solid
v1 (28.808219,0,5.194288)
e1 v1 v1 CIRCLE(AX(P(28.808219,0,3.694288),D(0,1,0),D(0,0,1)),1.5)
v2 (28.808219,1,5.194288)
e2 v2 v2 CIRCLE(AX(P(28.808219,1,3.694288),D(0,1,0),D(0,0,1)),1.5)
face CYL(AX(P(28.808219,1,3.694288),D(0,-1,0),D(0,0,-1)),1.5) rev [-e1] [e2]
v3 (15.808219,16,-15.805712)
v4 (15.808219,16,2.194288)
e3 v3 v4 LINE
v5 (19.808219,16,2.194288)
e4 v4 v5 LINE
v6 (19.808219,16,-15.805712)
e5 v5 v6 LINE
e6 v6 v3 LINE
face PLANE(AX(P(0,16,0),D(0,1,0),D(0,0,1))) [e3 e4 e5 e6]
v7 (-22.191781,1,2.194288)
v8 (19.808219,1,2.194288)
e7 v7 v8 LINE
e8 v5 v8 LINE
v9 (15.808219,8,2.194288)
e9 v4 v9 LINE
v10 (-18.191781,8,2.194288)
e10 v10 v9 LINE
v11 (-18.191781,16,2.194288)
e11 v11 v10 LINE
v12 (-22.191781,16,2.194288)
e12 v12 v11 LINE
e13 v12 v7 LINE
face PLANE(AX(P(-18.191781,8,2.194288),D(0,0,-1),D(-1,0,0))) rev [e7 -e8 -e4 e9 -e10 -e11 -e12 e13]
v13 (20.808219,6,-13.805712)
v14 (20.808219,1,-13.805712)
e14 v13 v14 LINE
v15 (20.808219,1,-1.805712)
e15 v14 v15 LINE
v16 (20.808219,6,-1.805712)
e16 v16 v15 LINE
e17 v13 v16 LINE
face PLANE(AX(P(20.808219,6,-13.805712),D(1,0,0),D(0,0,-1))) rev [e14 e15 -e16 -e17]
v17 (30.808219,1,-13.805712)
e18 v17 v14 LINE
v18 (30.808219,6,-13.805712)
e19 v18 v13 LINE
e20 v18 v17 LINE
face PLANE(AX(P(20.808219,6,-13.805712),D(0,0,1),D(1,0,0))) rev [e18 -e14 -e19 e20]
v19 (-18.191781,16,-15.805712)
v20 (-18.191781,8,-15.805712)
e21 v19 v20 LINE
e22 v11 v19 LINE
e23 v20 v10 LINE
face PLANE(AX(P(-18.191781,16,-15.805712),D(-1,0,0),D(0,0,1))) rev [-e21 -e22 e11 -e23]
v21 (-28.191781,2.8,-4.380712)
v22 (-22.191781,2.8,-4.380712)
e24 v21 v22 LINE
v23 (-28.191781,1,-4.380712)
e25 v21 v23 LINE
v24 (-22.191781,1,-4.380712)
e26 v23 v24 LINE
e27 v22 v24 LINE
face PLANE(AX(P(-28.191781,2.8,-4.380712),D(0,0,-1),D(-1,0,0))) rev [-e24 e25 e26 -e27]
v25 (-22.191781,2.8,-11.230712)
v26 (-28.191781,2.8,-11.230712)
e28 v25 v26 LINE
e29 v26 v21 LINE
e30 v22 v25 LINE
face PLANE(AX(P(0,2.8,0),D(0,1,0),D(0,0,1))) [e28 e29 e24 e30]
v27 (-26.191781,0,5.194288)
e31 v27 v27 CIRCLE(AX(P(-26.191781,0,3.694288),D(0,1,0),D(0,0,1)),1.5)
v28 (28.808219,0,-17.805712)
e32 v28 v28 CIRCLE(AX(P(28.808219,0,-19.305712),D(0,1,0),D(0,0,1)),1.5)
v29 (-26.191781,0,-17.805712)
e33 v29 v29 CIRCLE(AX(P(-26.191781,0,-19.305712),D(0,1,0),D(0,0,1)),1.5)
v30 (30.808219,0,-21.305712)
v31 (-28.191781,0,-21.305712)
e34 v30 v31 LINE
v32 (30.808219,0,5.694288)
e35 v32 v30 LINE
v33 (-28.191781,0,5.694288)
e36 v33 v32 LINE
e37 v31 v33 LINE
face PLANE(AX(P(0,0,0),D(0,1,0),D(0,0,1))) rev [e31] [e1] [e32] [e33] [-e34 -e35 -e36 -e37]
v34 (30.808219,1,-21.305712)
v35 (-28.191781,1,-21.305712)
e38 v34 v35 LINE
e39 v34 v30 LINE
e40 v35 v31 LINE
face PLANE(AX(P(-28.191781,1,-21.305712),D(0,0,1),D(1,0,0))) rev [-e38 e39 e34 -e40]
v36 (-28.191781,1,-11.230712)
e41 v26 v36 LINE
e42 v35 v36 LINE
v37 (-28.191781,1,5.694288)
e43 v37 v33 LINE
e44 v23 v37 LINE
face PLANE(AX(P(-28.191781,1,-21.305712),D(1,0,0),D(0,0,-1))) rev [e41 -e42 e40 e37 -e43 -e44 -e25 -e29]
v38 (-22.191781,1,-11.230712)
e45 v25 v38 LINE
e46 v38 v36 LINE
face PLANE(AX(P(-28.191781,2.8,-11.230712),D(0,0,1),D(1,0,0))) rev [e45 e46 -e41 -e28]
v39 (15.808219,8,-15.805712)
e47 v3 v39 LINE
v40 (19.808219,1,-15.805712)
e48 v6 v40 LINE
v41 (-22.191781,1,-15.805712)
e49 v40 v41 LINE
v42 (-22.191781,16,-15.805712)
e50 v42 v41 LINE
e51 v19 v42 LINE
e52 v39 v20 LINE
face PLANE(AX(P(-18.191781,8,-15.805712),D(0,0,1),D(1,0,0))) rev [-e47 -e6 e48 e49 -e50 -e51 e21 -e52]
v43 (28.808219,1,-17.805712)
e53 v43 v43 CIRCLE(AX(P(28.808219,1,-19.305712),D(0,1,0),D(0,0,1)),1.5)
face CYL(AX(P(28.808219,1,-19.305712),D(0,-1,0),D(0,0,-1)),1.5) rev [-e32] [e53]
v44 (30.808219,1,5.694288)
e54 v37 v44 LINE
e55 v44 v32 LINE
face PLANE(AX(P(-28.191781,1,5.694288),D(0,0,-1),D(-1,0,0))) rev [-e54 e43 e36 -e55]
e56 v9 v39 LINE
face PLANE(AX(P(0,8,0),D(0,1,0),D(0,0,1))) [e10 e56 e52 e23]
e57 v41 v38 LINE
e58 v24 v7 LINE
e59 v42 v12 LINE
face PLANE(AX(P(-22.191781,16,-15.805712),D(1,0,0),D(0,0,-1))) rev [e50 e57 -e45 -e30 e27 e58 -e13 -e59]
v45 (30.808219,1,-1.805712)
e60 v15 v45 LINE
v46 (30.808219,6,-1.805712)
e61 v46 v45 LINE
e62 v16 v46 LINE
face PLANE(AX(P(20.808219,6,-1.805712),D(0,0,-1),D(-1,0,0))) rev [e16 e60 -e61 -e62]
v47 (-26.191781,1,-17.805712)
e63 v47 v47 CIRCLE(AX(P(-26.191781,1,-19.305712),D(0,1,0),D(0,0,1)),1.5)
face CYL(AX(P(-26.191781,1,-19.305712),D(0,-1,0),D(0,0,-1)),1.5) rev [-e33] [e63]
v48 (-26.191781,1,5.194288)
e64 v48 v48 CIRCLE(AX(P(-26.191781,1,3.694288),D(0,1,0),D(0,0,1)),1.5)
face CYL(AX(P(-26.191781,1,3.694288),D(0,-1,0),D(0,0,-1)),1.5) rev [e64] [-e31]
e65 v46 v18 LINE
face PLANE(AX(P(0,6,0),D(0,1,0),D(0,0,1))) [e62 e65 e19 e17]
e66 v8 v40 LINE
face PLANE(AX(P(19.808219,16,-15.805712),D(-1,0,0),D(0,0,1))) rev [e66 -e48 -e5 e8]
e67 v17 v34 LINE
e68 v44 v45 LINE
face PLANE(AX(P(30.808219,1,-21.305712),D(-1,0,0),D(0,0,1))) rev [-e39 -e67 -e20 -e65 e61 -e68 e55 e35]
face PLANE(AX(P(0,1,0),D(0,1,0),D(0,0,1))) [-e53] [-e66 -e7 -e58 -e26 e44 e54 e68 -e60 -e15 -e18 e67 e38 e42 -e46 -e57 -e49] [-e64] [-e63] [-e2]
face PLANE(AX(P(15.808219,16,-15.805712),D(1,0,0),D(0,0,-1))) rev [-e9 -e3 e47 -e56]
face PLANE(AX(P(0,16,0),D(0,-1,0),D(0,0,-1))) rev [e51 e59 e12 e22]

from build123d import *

# Parameters (mm, degrees)
SKETCH1_W           = 59
SKETCH1_H           = 27
SKETCH1_R           = 1.5
BOSS_EXTRUDE1_DEPTH = 1
SKETCH2_W           = 34
SKETCH2_H           = 18
BOSS_EXTRUDE2_DEPTH = 7
SKETCH3_W           = 4
SKETCH3_H           = 18
BOSS_EXTRUDE3_DEPTH = 15
SKETCH4_W           = 4
SKETCH4_H           = 18
BOSS_EXTRUDE4_DEPTH = 15
SKETCH7_W           = 10
SKETCH7_H           = 12
BOSS_EXTRUDE7_DEPTH = 5
SKETCH8_W           = 6
SKETCH8_H           = 6.85
BOSS_EXTRUDE8_DEPTH = 1.8


with BuildPart() as part:
    # Sketch1 → Boss-Extrude1 (new body)
    with BuildSketch(Plane(origin=(0, 0, 0), x_dir=(1, 0, 0), z_dir=(0, 1, 0))):
        with Locations((1.308219178, 7.805712308)):
            Rectangle(SKETCH1_W, SKETCH1_H)
        with Locations((-26.191780822, -3.694287692)):
            Circle(SKETCH1_R, mode=Mode.SUBTRACT)
        with Locations((-26.191780822, 19.305712308)):
            Circle(SKETCH1_R, mode=Mode.SUBTRACT)
        with Locations((28.808219178, 19.305712308)):
            Circle(SKETCH1_R, mode=Mode.SUBTRACT)
        with Locations((28.808219178, -3.694287692)):
            Circle(SKETCH1_R, mode=Mode.SUBTRACT)
    extrude(amount=BOSS_EXTRUDE1_DEPTH)

    # Sketch2 → Boss-Extrude2 (add)
    with BuildSketch(Plane(origin=(0, 1, 0), x_dir=(1, 0, 0), z_dir=(0, 1, 0))):
        with Locations((-1.191780822, 6.805712308)):
            Rectangle(SKETCH2_W, SKETCH2_H)
    extrude(amount=BOSS_EXTRUDE2_DEPTH)

    # Sketch3 → Boss-Extrude3 (add)
    with BuildSketch(Plane(origin=(0, 1, 0), x_dir=(1, 0, 0), z_dir=(0, 1, 0))):
        with Locations((-20.191780822, 6.805712308)):
            Rectangle(SKETCH3_W, SKETCH3_H)
    extrude(amount=BOSS_EXTRUDE3_DEPTH)

    # Sketch4 → Boss-Extrude4 (add)
    with BuildSketch(Plane(origin=(0, 1, 0), x_dir=(1, 0, 0), z_dir=(0, 1, 0))):
        with Locations((17.808219178, 6.805712308)):
            Rectangle(SKETCH4_W, SKETCH4_H)
    extrude(amount=BOSS_EXTRUDE4_DEPTH)

    # Sketch7 → Boss-Extrude7 (add)
    with BuildSketch(Plane(origin=(0, 1, 0), x_dir=(1, 0, 0), z_dir=(0, 1, 0))):
        with Locations((25.808219178, 7.805712308)):
            Rectangle(SKETCH7_W, SKETCH7_H)
    extrude(amount=BOSS_EXTRUDE7_DEPTH)

    # Sketch8 → Boss-Extrude8 (add)
    with BuildSketch(Plane(origin=(0, 1, 0), x_dir=(1, 0, 0), z_dir=(0, 1, 0))):
        with Locations((-25.191780822, 7.805712308)):
            Rectangle(SKETCH8_W, SKETCH8_H)
    extrude(amount=BOSS_EXTRUDE8_DEPTH)


solid = part.part
